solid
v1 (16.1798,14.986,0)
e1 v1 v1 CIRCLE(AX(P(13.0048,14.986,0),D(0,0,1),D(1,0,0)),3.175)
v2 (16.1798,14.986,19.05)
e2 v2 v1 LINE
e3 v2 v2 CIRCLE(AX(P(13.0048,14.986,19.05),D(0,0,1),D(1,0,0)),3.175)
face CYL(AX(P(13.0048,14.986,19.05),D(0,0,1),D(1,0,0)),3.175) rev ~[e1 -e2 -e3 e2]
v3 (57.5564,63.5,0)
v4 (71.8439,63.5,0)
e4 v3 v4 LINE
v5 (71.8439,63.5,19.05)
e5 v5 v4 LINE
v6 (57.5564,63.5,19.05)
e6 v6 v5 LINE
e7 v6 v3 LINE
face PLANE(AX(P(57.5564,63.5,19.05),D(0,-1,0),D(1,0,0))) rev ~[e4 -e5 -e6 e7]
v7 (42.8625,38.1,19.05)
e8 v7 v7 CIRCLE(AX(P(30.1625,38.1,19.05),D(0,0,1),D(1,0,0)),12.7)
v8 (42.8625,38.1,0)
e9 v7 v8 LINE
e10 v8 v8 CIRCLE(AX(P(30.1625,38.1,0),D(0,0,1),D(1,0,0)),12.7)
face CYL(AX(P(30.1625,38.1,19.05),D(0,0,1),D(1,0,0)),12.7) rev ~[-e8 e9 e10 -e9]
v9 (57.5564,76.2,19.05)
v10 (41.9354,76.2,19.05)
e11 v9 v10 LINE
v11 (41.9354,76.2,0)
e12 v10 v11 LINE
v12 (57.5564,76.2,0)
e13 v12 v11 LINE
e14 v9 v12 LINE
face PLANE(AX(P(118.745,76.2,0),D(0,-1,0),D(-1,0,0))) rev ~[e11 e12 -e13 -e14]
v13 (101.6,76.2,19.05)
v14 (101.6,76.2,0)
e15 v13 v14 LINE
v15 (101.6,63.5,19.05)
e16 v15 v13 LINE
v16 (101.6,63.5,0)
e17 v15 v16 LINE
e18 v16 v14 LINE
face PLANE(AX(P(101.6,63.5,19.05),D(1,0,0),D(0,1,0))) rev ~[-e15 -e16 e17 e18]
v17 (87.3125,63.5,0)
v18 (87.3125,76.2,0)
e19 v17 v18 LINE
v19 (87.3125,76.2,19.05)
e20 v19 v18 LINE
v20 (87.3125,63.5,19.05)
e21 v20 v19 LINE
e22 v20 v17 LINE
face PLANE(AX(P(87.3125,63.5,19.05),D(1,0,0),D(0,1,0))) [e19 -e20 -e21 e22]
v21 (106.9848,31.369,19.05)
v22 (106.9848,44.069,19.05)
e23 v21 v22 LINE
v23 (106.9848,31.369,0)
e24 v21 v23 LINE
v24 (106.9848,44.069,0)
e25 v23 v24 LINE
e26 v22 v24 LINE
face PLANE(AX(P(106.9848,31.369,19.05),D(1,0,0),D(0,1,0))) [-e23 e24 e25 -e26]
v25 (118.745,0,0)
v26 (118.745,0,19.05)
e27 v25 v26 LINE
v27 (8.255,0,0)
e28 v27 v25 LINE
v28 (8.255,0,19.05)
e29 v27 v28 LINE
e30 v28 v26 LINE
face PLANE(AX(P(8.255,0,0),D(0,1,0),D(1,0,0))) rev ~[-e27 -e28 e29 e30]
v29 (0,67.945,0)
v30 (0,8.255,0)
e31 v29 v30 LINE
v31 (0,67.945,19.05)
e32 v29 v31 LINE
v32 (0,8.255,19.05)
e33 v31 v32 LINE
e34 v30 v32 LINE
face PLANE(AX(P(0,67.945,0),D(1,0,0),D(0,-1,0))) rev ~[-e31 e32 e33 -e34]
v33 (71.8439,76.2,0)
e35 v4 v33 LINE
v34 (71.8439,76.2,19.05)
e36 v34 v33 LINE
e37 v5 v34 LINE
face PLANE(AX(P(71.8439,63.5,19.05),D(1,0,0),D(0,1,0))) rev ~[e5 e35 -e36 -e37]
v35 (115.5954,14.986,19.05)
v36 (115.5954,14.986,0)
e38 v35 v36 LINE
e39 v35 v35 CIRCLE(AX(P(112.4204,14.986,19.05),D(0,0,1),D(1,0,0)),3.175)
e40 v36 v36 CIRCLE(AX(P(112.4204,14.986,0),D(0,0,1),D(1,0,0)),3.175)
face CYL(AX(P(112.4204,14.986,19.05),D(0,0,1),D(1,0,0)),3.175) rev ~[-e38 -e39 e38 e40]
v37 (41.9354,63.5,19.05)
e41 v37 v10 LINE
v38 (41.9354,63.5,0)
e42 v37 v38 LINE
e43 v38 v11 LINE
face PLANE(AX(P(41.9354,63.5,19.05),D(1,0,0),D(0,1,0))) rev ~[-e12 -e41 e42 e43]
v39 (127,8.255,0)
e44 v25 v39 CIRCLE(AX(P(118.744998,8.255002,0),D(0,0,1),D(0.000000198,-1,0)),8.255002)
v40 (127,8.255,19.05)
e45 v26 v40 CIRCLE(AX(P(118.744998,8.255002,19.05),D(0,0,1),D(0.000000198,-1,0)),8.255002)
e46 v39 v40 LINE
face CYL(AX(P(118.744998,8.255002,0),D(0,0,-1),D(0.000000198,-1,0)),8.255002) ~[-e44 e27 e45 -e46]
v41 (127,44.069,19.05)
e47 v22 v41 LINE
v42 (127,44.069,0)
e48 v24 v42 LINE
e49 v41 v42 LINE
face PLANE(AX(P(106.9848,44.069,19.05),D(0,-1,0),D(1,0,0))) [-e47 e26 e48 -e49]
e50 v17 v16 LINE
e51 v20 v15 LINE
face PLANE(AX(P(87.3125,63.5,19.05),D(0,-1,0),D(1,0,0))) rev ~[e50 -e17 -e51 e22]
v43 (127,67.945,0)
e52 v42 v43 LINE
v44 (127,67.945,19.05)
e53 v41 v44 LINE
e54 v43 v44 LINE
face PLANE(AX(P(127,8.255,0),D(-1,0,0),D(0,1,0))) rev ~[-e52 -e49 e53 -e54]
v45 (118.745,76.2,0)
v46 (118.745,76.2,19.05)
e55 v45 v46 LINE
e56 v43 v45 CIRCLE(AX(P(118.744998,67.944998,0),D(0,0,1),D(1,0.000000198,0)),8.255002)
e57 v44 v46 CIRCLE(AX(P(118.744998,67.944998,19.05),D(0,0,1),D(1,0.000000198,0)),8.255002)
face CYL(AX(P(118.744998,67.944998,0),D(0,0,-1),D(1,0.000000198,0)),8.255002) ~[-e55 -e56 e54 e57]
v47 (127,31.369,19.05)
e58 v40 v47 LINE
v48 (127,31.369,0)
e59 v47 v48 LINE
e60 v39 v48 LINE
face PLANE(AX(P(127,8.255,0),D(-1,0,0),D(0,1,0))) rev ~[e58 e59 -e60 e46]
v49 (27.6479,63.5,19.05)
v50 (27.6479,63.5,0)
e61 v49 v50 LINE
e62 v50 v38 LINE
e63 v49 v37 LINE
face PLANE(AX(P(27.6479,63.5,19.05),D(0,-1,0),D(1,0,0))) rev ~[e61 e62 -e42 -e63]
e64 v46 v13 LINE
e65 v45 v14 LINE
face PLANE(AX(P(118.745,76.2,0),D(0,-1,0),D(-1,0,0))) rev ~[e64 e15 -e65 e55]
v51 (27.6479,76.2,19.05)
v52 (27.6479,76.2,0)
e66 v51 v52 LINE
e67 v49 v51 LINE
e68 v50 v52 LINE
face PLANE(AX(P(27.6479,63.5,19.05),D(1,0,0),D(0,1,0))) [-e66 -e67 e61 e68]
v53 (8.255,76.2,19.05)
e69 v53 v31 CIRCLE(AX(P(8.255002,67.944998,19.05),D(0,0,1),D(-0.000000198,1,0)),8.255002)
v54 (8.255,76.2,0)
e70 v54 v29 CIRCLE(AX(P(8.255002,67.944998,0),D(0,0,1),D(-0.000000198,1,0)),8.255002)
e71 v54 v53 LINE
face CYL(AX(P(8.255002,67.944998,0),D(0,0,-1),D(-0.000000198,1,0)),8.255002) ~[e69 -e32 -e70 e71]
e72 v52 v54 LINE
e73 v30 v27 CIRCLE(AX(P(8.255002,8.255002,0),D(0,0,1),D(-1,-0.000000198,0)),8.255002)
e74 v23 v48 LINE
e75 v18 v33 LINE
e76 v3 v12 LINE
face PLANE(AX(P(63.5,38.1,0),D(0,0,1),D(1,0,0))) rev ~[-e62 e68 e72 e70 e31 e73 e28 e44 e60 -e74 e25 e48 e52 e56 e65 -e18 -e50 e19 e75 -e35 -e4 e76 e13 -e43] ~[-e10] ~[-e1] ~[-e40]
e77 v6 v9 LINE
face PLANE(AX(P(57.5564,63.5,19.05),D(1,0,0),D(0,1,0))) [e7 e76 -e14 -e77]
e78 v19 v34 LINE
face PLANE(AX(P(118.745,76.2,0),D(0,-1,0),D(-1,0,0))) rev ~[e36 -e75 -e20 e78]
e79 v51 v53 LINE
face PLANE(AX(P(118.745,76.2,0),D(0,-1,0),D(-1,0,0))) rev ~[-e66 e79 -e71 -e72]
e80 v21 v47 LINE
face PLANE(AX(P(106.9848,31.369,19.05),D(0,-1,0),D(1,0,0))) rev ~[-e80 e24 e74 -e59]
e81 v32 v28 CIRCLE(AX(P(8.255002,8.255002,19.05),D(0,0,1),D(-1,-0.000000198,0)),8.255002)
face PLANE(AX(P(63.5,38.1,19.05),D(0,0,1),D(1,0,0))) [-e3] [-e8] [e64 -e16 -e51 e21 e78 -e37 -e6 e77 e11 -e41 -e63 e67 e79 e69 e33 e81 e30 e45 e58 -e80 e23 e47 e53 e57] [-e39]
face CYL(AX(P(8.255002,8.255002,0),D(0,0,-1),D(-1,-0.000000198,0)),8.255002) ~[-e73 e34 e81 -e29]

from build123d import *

# Parameters (mm, degrees)
F1_DEPTH = 19.05
F2_W     = 14.2875
F2_H     = 12.7
F2_R     = 12.7
F2_R_2   = 3.175
F2_W_2   = 20.0152
F3_DEPTH = 19.051


with BuildPart() as f1:
    # F0 (on Top) → F1 (new body)
    with BuildSketch(Plane.XY):
        with BuildLine():
            ThreePointArc((0, 8.255), (2.417834, 2.417834), (8.255, 0))
            Line((8.255, 0), (118.745, 0))
            ThreePointArc((118.745, 0), (124.582166, 2.417834), (127, 8.255))
            Line((127, 8.255), (127, 67.945))
            ThreePointArc((127, 67.945), (124.582166, 73.782166), (118.745, 76.2))
            Line((118.745, 76.2), (8.255, 76.2))
            ThreePointArc((8.255, 76.2), (2.417834, 73.782166), (0, 67.945))
            Line((0, 67.945), (0, 8.255))
        make_face()
    extrude(amount=F1_DEPTH)

    # F2 (on face) → F3 (cut, through all)
    with BuildSketch(Plane.XY.offset(19.05)):
        with Locations((94.45625, 69.85)):
            Rectangle(F2_W, F2_H)
        with Locations((64.70015, 69.85)):
            Rectangle(F2_W, F2_H)
        with Locations((34.79165, 69.85)):
            Rectangle(F2_W, F2_H)
        with Locations((30.1625, 38.1)):
            Circle(F2_R)
        with Locations((13.0048, 14.986)):
            Circle(F2_R_2)
        with Locations((112.4204, 14.986)):
            Circle(F2_R_2)
        with Locations((116.9924, 37.719)):
            Rectangle(F2_W_2, F2_H)
    extrude(amount=-F3_DEPTH, mode=Mode.SUBTRACT)


solid = f1.part
